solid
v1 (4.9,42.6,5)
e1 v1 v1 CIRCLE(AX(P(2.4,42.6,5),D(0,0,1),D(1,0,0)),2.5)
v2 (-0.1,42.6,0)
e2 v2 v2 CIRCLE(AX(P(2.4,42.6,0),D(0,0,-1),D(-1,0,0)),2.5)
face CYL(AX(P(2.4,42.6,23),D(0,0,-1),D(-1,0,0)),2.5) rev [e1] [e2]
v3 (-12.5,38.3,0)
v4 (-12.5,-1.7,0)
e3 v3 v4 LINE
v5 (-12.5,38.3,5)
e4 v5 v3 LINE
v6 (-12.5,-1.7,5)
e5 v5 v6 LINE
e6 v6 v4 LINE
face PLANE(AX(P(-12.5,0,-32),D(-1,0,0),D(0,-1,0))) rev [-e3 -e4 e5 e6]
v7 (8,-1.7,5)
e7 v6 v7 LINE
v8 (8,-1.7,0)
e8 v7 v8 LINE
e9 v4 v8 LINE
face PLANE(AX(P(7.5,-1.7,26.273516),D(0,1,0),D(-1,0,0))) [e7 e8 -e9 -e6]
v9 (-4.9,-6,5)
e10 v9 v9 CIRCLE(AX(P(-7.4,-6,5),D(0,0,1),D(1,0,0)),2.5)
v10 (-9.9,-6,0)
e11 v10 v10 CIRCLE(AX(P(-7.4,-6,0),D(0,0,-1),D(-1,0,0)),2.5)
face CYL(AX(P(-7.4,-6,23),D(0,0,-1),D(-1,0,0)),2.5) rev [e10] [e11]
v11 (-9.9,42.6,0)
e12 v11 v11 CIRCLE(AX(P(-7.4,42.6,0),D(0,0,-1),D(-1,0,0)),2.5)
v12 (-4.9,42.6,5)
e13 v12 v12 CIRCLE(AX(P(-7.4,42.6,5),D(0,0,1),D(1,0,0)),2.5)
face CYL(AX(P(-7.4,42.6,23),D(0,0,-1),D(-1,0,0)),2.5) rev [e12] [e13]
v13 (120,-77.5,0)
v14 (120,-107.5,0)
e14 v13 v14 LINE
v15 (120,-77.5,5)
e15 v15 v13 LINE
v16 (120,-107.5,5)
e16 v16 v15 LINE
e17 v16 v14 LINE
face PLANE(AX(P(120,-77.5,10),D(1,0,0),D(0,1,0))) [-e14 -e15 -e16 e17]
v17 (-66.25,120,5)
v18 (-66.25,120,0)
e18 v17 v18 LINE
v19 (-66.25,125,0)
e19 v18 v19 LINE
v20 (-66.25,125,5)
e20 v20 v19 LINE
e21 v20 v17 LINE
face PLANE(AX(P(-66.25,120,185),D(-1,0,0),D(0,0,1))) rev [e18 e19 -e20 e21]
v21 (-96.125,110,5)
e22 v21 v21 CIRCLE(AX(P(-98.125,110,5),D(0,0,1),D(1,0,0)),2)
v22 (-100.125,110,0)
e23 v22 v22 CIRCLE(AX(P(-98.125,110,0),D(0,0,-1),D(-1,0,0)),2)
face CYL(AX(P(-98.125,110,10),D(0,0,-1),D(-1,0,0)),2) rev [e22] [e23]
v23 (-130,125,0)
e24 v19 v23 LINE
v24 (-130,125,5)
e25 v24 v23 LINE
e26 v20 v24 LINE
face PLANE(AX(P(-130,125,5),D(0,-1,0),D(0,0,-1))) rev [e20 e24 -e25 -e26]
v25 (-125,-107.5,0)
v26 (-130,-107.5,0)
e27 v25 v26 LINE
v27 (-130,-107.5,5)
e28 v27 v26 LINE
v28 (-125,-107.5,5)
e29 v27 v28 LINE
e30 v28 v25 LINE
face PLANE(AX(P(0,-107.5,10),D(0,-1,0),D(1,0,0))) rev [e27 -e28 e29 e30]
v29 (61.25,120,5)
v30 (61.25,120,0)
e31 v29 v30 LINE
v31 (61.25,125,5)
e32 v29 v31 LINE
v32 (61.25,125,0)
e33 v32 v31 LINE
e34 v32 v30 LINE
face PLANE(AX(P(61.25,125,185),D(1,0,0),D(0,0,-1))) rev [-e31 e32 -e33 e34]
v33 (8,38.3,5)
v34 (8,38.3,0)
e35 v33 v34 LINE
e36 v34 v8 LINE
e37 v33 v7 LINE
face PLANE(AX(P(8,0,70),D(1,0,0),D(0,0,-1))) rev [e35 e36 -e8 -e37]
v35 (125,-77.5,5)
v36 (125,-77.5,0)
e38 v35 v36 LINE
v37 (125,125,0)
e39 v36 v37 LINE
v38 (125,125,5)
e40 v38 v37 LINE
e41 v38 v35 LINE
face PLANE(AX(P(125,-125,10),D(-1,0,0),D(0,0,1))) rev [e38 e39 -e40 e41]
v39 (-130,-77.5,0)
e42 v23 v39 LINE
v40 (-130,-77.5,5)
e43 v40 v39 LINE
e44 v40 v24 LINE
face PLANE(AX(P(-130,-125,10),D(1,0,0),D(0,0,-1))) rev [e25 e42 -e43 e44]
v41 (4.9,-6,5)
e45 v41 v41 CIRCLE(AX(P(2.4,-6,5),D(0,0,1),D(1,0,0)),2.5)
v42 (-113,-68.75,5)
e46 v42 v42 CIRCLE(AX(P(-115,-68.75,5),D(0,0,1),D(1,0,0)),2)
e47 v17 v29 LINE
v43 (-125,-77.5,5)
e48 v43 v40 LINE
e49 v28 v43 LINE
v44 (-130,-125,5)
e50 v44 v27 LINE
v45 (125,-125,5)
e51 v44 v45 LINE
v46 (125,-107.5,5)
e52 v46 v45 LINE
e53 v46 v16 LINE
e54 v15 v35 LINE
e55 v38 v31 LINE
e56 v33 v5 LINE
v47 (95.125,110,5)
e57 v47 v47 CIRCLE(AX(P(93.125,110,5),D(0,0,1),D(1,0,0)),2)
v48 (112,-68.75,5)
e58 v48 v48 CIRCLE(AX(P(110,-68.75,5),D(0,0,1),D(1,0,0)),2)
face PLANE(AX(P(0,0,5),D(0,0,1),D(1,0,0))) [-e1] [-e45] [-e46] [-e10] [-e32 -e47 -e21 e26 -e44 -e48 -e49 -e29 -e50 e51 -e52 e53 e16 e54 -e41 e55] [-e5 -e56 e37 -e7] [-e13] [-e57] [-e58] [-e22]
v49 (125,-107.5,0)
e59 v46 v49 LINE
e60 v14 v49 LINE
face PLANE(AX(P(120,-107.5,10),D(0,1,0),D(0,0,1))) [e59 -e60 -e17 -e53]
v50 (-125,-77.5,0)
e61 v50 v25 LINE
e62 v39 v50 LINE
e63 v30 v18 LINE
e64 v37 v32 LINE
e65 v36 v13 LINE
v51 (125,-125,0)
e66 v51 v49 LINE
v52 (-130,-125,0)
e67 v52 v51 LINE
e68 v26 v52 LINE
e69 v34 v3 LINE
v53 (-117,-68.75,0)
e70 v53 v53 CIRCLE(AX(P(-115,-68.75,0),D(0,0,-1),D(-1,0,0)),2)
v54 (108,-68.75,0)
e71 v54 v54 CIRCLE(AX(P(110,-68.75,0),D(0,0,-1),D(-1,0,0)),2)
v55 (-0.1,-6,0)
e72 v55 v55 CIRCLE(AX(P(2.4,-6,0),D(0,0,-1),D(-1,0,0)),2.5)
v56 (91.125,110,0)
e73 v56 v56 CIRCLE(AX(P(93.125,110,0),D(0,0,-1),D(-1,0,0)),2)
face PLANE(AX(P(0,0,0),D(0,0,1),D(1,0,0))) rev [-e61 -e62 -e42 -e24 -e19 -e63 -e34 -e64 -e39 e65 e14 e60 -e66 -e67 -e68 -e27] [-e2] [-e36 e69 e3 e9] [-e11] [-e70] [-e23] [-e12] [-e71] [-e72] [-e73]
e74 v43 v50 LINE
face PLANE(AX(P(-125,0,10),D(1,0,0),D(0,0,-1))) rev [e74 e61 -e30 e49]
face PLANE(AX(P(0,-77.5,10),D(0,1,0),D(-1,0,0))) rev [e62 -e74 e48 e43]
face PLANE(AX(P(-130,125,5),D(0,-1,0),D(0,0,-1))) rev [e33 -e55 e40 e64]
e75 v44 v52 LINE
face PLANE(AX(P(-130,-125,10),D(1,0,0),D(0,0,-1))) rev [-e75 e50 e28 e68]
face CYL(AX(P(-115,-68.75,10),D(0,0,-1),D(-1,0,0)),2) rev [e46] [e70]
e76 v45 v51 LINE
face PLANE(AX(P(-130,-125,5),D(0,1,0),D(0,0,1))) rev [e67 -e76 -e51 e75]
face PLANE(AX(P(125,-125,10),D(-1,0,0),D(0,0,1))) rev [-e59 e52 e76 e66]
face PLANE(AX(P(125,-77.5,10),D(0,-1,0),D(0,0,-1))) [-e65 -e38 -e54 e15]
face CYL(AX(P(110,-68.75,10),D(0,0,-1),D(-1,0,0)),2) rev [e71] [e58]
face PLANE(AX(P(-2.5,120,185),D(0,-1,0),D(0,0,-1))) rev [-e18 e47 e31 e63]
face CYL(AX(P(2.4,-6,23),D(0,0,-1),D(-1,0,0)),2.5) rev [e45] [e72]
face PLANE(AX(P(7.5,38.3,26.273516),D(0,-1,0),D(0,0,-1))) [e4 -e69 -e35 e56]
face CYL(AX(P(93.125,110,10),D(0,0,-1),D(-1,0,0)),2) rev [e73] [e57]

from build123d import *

# Parameters (mm, degrees)
SKETCH2_W               = 255
SKETCH2_H               = 250
BOSS_EXTRUDE1_DEPTH     = 5
SKETCH4_W               = 20
SKETCH4_H               = 54.5
CUT_EXTRUDE1_DEPTH      = 32
CUT_EXTRUDE1_DEPTH_BACK = 23
SKETCH5_W               = 20
SKETCH5_H               = 7.25
BOSS_EXTRUDE3_DEPTH     = 5
CUT_EXTRUDE2_DEPTH      = 23
SKETCH7_R               = 2.5
CUT_EXTRUDE3_DEPTH      = 23
BOSS_EXTRUDE6_DEPTH     = 5
SKETCH9_W               = 0.5
SKETCH9_H               = 0.5
BOSS_EXTRUDE7_DEPTH     = 5
SKETCH10_W              = 6
SKETCH10_H              = 65
BOSS_EXTRUDE8_DEPTH     = 5
SKETCH10_3_W            = 5
SKETCH10_3_H            = 30
CUT_EXTRUDE4_DEPTH      = 10
SKETCH11_W              = 6
SKETCH11_H              = 185
BOSS_EXTRUDE9_DEPTH     = 5
SKETCH14_W              = 6
SKETCH14_H              = 250
CUT_EXTRUDE5_DEPTH      = 10
CUT_EXTRUDE6_DEPTH      = 185
SKETCH16_R              = 1.5
CUT_EXTRUDE7_DEPTH      = 185
SKETCH17_R              = 1.5
CUT_EXTRUDE8_DEPTH      = 185
SKETCH18_R              = 2
CUT_EXTRUDE9_DEPTH      = 10


with BuildPart() as part:
    # Sketch2 → Boss-Extrude1 (new body)
    with BuildSketch(Plane.XY):
        with Locations((-2.5, 0)):
            Rectangle(SKETCH2_W, SKETCH2_H)
    extrude(amount=BOSS_EXTRUDE1_DEPTH)

    # Sketch4 → Cut-Extrude1 (cut, two sides)
    with BuildSketch(Plane(origin=(0, 0, 0), x_dir=(-1, 0, 0), z_dir=(0, 0, -1))) as cut_extrude1_sk:
        with Locations((2.5, 18.3)):
            Rectangle(SKETCH4_W, SKETCH4_H)
    extrude(amount=CUT_EXTRUDE1_DEPTH, mode=Mode.SUBTRACT)
    extrude(cut_extrude1_sk.sketch, amount=-CUT_EXTRUDE1_DEPTH_BACK, mode=Mode.SUBTRACT)

    # Sketch5 → Boss-Extrude3 (add)
    with BuildSketch(Plane(origin=(0, 0, 0), x_dir=(-1, 0, 0), z_dir=(0, 0, -1))):
        with Locations((2.5, 41.925)):
            Rectangle(SKETCH5_W, SKETCH5_H)
        with Locations((2.5, -5.325)):
            Rectangle(SKETCH5_W, SKETCH5_H)
    extrude(amount=-BOSS_EXTRUDE3_DEPTH)

    # Sketch6 → Cut-Extrude2 (cut)
    with BuildSketch(Plane(origin=(0, 0, 0), x_dir=(-1, 0, 0), z_dir=(0, 0, -1))):
        Polygon((-7.5, 38.3), (-7.5, 48.3), (-32.5, 48.3), (-32.5, -11.7), (-7.5, -11.7), (-7.5, -1.7), align=None)
    extrude(amount=-CUT_EXTRUDE2_DEPTH, mode=Mode.SUBTRACT)

    # Sketch7 → Cut-Extrude3 (cut)
    with BuildSketch(Plane(origin=(0, 0, 0), x_dir=(-1, 0, 0), z_dir=(0, 0, -1))):
        with Locations((-2.4, 42.6)):
            Circle(SKETCH7_R)
        with Locations((7.4, 42.6)):
            Circle(SKETCH7_R)
        with Locations((-2.4, -6)):
            Circle(SKETCH7_R)
        with Locations((7.4, -6)):
            Circle(SKETCH7_R)
    extrude(amount=-CUT_EXTRUDE3_DEPTH, mode=Mode.SUBTRACT)

    # Sketch8 → Boss-Extrude6 (add)
    with BuildSketch(Plane(origin=(0, 0, 0), x_dir=(-1, 0, 0), z_dir=(0, 0, -1))):
        Polygon((-8, 38.8), (-7.5, 38.8), (-7.5, 48.3), (-32.5, 48.3), (-32.5, -11.7), (-7.5, -11.7), (-7.5, -2.2), (-8, -2.2), align=None)
    extrude(amount=-BOSS_EXTRUDE6_DEPTH)

    # Sketch9 → Boss-Extrude7 (add)
    with BuildSketch(Plane(origin=(0, 0, 0), x_dir=(-1, 0, 0), z_dir=(0, 0, -1))):
        with Locations((-7.75, 38.55)):
            Rectangle(SKETCH9_W, SKETCH9_H)
        with Locations((-7.75, -1.95)):
            Rectangle(SKETCH9_W, SKETCH9_H)
    extrude(amount=-BOSS_EXTRUDE7_DEPTH)

    # Sketch10 → Boss-Extrude8 (add)
    with BuildSketch(Plane(origin=(0, 0, 0), x_dir=(-1, 0, 0), z_dir=(0, 0, -1))):
        Polygon((130, -107.5), (130, -125), (136, -125), (136, -60), (130, -60), (130, -77.5), align=None)
        with Locations((-128, -92.5)):
            Rectangle(SKETCH10_W, SKETCH10_H)
    extrude(amount=-BOSS_EXTRUDE8_DEPTH)

    # Sketch10<3> → Cut-Extrude4 (cut)
    with BuildSketch(Plane(origin=(0, 0, 0), x_dir=(-1, 0, 0), z_dir=(0, 0, -1))):
        with Locations((127.5, -92.5)):
            Rectangle(SKETCH10_3_W, SKETCH10_3_H)
        with Locations((-122.5, -92.5)):
            Rectangle(SKETCH10_3_W, SKETCH10_3_H)
    extrude(amount=-CUT_EXTRUDE4_DEPTH, mode=Mode.SUBTRACT)

    # Sketch11 → Boss-Extrude9 (add)
    with BuildSketch(Plane(origin=(0, 0, 0), x_dir=(-1, 0, 0), z_dir=(0, 0, -1))):
        with Locations((-128, 32.5)):
            Rectangle(SKETCH11_W, SKETCH11_H)
        with Locations((133, 32.5)):
            Rectangle(SKETCH11_W, SKETCH11_H)
    extrude(amount=-BOSS_EXTRUDE9_DEPTH)

    # Sketch14 → Cut-Extrude5 (cut)
    with BuildSketch(Plane(origin=(0, 0, 0), x_dir=(-1, 0, 0), z_dir=(0, 0, -1))):
        with Locations((-128, 0)):
            Rectangle(SKETCH14_W, SKETCH14_H)
        with Locations((133, 0)):
            Rectangle(SKETCH14_W, SKETCH14_H)
    extrude(amount=-CUT_EXTRUDE5_DEPTH, mode=Mode.SUBTRACT)

    # Sketch15 → Cut-Extrude6 (cut)
    with BuildSketch(Plane(origin=(0, 0, 0), x_dir=(-1, 0, 0), z_dir=(0, 0, -1))):
        Polygon((2.5, 125), (-61.25, 125), (-61.25, 120), (2.5, 120), (66.25, 120), (66.25, 125), align=None)
    extrude(amount=-CUT_EXTRUDE6_DEPTH, mode=Mode.SUBTRACT)

    # Sketch16 → Cut-Extrude7 (cut)
    with BuildSketch(Plane(origin=(0, 0, 0), x_dir=(-1, 0, 0), z_dir=(0, 0, -1))):
        with Locations((-93.125, 110)):
            Circle(SKETCH16_R)
        with Locations((98.125, 110)):
            Circle(SKETCH16_R)
    extrude(amount=-CUT_EXTRUDE7_DEPTH, mode=Mode.SUBTRACT)

    # Sketch17 → Cut-Extrude8 (cut)
    with BuildSketch(Plane(origin=(0, 0, 0), x_dir=(-1, 0, 0), z_dir=(0, 0, -1))):
        with Locations((-110, -68.75)):
            Circle(SKETCH17_R)
        with Locations((115, -68.75)):
            Circle(SKETCH17_R)
    extrude(amount=-CUT_EXTRUDE8_DEPTH, mode=Mode.SUBTRACT)

    # Sketch18 → Cut-Extrude9 (cut)
    with BuildSketch(Plane(origin=(0, 0, 0), x_dir=(-1, 0, 0), z_dir=(0, 0, -1))):
        with Locations((-93.125, 110)):
            Circle(SKETCH18_R)
        with Locations((98.125, 110)):
            Circle(SKETCH18_R)
        with Locations((115, -68.75)):
            Circle(SKETCH18_R)
        with Locations((-110, -68.75)):
            Circle(SKETCH18_R)
    extrude(amount=-CUT_EXTRUDE9_DEPTH, mode=Mode.SUBTRACT)


solid = part.part
